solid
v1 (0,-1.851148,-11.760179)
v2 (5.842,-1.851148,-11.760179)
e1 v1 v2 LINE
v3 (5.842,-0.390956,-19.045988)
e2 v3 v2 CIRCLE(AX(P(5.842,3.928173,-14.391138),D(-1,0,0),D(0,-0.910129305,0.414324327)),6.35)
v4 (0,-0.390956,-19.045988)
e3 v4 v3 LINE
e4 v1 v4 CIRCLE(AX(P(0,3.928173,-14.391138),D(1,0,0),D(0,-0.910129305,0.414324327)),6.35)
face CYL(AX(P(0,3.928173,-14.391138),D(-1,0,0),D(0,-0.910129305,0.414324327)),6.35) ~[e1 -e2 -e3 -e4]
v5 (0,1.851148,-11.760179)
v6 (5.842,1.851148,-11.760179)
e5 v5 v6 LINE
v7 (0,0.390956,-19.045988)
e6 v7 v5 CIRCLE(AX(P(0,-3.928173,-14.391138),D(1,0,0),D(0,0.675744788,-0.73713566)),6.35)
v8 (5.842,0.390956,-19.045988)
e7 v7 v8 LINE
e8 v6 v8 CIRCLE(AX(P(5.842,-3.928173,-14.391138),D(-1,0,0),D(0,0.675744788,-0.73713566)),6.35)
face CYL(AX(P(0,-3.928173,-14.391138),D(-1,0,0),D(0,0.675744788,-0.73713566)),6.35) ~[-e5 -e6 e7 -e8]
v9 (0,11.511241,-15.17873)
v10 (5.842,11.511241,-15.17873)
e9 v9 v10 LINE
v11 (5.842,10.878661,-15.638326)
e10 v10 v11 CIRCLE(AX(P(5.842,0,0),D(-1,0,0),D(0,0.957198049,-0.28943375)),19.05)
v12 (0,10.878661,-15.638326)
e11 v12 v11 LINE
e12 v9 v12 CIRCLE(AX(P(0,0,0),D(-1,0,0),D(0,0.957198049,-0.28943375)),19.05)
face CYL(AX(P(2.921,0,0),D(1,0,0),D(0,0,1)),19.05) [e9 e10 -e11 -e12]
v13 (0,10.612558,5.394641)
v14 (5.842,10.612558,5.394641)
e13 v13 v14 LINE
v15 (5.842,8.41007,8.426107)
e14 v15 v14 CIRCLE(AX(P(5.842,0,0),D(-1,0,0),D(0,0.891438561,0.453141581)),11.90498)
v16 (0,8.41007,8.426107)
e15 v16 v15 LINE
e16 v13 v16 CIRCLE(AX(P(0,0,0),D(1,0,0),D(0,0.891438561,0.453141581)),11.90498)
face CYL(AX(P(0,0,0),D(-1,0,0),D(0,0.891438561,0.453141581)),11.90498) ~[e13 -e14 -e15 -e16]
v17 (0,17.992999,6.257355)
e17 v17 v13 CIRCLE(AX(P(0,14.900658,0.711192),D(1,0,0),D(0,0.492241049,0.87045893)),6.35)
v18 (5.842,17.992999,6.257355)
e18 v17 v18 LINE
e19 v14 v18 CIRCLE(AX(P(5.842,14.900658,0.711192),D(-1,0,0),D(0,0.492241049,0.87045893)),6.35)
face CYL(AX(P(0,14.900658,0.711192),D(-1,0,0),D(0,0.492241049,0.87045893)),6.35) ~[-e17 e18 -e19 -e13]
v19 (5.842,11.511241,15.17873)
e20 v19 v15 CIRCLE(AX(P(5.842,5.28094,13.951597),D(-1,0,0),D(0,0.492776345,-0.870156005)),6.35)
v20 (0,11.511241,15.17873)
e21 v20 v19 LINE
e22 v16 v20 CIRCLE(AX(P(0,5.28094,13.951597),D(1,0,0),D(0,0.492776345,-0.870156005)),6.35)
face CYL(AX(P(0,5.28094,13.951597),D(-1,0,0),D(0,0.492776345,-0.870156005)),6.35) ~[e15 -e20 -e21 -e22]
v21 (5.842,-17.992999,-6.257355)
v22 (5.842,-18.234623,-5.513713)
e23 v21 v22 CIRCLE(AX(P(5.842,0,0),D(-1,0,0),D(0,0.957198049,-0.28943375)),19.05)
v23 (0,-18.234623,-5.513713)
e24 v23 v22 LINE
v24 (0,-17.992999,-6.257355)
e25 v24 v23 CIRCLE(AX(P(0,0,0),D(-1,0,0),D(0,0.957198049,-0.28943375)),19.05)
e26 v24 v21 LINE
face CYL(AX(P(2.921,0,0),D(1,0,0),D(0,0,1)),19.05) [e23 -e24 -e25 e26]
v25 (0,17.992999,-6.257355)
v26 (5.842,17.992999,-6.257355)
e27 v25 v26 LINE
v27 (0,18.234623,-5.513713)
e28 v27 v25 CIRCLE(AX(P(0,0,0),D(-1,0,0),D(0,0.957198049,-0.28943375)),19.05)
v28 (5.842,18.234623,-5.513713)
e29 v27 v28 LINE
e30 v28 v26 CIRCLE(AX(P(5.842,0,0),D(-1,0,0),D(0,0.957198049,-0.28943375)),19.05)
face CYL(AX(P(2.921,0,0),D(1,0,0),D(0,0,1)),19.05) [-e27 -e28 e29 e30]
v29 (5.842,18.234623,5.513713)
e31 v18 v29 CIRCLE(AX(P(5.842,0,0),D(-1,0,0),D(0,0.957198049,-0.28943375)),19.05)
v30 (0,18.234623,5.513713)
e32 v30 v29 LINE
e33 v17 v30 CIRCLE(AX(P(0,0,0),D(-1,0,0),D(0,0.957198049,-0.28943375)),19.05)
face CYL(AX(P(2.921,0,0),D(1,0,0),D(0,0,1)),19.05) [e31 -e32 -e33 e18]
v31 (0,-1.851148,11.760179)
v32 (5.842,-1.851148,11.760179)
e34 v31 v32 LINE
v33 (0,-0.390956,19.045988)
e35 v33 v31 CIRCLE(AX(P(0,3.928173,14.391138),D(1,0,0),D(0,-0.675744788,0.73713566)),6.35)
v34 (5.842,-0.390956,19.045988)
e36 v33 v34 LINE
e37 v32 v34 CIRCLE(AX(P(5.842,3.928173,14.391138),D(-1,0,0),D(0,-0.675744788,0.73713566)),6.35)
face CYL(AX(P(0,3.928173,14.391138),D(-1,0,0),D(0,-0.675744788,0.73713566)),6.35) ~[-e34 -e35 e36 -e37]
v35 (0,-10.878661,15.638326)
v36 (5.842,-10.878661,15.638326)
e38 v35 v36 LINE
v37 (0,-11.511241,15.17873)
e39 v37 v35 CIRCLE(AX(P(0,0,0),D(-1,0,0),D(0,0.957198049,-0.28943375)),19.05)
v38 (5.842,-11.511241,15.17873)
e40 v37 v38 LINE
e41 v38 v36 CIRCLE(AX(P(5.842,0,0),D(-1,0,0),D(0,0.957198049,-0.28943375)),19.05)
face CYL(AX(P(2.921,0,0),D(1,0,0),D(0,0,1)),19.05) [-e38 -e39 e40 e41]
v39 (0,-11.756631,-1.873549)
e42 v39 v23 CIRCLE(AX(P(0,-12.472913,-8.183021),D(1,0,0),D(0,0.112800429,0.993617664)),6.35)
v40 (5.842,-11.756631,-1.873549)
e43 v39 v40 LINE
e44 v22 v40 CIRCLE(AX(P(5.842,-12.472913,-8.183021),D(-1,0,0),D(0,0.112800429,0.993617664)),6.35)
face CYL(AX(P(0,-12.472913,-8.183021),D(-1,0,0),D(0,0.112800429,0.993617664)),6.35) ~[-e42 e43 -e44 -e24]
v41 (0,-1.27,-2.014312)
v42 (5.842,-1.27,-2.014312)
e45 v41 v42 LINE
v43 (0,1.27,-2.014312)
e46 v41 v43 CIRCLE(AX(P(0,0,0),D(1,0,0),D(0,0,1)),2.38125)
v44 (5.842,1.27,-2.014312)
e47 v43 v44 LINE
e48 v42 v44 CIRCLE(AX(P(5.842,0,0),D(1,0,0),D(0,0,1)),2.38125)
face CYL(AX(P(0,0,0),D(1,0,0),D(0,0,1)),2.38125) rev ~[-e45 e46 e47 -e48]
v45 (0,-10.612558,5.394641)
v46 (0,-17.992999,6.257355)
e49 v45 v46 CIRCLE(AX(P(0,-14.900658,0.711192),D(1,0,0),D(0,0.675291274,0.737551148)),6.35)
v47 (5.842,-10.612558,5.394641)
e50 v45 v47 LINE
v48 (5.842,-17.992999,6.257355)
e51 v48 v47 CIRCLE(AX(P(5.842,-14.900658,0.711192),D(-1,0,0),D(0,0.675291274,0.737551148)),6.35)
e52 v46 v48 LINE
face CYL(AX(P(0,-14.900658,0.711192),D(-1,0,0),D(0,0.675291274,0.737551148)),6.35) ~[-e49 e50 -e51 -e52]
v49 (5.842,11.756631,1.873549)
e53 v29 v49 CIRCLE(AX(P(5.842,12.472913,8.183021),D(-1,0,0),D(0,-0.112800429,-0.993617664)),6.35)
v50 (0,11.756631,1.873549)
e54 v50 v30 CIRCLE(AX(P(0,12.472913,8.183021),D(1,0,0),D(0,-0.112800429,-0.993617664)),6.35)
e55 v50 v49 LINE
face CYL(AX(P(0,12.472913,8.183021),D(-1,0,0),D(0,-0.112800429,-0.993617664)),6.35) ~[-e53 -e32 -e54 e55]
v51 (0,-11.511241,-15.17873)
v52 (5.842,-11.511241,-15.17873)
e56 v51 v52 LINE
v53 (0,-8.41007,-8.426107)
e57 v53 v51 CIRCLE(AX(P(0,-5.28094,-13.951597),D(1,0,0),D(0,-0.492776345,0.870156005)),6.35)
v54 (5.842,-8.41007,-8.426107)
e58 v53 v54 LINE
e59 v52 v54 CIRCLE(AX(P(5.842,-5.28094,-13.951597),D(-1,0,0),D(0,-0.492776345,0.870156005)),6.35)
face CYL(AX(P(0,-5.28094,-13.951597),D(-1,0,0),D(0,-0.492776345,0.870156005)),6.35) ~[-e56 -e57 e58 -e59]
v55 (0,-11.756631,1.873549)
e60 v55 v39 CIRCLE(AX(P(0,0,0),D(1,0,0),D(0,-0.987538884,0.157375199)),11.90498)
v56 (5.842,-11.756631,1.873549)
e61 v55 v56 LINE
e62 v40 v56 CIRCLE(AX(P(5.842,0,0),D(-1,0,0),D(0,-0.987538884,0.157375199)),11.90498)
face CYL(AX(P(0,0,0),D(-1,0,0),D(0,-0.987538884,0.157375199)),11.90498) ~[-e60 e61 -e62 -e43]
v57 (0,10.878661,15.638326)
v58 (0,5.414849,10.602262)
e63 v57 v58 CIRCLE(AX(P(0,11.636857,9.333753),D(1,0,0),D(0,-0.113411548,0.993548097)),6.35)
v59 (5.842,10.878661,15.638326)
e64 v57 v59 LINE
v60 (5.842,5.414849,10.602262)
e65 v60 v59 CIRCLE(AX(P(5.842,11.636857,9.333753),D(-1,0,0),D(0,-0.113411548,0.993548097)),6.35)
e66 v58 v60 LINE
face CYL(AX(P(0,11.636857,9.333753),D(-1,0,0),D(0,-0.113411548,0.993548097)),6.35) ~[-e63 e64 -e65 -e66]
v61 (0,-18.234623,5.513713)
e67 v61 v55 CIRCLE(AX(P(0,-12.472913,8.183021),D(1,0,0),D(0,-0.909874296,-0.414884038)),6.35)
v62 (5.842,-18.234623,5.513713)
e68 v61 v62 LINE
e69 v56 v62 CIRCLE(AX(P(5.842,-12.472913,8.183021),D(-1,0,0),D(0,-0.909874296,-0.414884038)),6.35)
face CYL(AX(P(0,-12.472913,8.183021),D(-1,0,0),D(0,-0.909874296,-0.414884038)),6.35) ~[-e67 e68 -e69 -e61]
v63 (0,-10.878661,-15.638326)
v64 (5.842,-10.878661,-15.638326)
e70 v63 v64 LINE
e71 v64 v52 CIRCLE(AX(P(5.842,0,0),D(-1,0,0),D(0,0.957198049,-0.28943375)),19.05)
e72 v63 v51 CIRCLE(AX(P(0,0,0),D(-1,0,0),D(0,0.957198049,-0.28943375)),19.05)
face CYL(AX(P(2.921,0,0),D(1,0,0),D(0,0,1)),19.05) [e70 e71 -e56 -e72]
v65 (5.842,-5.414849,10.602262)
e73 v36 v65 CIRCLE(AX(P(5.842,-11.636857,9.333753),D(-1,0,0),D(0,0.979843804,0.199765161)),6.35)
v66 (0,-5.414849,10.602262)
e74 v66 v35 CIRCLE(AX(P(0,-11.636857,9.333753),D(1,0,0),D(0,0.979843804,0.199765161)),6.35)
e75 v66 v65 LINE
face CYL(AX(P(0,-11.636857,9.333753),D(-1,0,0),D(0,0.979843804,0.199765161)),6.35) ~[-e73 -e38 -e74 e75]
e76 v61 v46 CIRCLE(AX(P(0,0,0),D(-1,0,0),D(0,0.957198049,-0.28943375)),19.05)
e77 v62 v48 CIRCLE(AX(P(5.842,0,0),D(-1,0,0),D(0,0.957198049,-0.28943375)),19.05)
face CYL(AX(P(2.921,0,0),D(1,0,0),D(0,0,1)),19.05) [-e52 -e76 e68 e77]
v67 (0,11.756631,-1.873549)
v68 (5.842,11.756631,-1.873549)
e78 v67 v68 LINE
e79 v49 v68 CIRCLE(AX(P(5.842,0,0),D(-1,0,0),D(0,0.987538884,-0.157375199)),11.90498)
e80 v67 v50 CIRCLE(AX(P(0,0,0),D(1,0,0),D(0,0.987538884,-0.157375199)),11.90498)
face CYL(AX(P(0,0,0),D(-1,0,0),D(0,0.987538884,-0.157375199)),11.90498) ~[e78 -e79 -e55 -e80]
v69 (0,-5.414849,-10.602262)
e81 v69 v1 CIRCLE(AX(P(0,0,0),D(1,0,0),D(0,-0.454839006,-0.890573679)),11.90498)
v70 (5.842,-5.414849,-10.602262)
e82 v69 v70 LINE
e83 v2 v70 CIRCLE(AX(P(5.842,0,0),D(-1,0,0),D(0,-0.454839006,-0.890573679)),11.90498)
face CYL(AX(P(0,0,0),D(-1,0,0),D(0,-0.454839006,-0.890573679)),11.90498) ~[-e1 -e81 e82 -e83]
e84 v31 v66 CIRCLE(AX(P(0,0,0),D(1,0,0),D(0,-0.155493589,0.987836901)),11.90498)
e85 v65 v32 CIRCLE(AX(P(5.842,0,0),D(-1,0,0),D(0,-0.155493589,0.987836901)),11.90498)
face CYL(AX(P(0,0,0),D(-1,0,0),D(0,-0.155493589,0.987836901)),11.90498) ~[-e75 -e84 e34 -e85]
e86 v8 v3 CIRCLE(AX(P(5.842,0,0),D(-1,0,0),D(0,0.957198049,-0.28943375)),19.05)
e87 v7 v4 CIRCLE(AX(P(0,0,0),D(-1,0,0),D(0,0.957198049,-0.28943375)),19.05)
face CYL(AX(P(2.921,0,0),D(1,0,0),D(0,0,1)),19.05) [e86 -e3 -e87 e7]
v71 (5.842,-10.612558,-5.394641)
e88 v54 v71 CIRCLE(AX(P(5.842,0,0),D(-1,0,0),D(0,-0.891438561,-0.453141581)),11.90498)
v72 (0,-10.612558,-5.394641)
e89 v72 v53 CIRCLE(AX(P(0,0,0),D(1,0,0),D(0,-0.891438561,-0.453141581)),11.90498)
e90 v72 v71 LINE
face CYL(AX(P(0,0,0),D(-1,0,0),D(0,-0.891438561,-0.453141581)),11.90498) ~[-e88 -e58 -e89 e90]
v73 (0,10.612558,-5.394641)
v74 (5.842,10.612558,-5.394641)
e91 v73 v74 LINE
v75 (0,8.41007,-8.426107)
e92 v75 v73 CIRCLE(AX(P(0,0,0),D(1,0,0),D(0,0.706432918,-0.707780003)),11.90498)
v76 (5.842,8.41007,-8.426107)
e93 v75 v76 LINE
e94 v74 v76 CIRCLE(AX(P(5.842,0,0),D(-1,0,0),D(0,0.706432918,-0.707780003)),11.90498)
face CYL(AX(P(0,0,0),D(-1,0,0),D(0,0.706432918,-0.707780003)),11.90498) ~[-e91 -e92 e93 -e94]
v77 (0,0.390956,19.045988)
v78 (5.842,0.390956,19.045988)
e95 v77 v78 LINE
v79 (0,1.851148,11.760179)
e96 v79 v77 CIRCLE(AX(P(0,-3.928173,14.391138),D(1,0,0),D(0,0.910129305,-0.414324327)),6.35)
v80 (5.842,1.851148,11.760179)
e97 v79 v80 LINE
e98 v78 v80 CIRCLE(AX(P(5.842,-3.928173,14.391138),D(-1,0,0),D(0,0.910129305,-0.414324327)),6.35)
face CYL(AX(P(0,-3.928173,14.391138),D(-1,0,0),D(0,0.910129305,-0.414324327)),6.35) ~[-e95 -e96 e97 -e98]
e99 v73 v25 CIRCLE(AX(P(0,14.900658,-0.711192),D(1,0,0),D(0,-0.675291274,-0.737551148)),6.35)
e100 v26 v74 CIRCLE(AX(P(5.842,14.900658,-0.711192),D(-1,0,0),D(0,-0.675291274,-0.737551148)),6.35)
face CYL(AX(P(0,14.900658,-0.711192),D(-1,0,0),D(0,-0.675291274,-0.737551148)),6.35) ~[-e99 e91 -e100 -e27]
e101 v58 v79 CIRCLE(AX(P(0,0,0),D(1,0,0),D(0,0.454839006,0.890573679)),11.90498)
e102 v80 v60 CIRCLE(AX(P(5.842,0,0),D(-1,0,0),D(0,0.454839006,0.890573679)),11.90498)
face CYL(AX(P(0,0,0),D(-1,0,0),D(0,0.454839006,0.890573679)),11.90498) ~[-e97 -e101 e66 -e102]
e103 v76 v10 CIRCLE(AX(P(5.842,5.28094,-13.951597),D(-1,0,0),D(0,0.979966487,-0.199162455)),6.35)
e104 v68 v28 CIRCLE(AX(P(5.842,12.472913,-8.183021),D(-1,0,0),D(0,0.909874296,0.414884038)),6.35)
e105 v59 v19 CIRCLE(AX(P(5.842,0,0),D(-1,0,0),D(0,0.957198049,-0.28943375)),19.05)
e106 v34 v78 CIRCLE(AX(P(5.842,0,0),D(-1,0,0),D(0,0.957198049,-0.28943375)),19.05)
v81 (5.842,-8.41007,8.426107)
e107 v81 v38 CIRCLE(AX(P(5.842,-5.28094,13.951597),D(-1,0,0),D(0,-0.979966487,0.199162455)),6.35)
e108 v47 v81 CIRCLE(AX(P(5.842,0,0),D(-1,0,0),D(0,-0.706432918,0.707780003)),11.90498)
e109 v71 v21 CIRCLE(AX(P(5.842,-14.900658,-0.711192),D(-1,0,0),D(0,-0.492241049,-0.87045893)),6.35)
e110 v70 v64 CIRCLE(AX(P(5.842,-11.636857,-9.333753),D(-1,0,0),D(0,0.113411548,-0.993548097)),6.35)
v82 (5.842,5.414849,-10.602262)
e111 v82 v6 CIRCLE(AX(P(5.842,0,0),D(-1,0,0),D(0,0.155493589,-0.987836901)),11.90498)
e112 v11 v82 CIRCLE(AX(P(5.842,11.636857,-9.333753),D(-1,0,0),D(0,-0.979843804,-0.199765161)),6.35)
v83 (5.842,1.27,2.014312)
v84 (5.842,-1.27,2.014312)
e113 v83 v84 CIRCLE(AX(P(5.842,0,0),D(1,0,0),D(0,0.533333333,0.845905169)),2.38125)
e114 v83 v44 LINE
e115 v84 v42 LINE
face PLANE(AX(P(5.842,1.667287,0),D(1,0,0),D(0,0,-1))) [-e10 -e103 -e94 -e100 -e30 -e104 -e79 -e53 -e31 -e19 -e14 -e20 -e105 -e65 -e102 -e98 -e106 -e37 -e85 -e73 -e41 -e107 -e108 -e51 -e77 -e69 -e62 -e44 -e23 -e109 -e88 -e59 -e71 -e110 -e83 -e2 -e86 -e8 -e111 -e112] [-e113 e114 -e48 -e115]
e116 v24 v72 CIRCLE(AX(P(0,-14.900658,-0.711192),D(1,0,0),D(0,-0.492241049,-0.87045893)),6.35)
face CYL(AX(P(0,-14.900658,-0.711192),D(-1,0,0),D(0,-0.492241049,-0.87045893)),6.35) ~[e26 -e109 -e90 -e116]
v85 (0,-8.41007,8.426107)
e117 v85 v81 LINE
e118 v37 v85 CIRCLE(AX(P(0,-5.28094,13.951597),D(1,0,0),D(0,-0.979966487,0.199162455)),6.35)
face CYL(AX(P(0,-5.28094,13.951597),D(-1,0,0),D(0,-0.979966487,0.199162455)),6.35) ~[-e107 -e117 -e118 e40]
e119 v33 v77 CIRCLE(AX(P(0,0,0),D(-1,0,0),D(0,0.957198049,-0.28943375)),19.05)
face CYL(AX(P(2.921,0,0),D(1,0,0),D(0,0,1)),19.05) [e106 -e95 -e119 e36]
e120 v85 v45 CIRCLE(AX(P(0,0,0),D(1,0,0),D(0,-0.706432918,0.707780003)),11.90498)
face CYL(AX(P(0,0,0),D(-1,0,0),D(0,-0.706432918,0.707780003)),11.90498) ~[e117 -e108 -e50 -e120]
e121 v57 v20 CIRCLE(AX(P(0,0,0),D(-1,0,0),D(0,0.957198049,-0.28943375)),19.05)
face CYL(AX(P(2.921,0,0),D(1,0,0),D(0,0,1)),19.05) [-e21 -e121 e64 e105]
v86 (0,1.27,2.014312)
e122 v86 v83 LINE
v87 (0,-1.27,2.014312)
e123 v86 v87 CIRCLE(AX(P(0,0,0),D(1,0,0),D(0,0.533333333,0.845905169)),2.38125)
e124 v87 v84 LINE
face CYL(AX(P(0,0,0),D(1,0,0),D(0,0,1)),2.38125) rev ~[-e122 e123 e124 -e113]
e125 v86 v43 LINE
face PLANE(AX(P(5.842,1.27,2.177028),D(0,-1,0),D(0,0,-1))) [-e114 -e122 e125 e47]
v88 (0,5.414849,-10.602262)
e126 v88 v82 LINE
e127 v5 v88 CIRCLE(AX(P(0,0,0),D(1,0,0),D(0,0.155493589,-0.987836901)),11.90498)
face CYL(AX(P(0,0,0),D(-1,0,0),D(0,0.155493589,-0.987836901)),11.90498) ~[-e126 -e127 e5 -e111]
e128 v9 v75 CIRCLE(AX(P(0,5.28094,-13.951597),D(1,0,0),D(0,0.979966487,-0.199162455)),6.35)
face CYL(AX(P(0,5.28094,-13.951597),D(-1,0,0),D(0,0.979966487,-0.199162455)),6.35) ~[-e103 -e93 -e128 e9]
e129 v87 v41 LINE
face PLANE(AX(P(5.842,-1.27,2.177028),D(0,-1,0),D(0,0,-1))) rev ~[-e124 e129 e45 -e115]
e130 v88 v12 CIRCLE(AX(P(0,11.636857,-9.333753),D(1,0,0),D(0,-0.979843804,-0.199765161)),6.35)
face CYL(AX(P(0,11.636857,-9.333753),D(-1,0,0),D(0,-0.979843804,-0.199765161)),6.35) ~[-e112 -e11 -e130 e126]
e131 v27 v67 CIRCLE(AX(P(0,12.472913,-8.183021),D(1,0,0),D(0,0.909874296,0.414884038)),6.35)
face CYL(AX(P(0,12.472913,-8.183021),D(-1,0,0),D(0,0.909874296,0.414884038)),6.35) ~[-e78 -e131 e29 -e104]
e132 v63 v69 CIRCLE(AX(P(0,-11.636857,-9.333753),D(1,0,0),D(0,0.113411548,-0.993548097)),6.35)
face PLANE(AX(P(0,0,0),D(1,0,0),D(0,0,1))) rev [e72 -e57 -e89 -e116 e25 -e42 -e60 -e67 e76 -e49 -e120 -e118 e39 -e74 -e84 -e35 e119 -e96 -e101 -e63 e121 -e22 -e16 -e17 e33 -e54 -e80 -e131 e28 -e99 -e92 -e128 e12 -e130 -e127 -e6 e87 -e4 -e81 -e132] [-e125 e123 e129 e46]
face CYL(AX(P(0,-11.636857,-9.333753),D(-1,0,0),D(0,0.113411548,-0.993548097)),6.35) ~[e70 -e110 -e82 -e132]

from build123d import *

# Parameters (mm, degrees)
BASPROSKE_W         = 5.842
BASPROSKE_H         = 19.05
TOOTHCUT_DEPTH      = 28.566899789
TEETHCUTS_COUNT     = 10
TEETHCUTS_ANGLE     = 324
BORSKE_R            = 2.38125
BORE_DEPTH          = 50.8000508
BOSS_EXTRUDE1_DEPTH = 5.842
BOSS_EXTRUDE2_DEPTH = 5.842


with BuildPart() as part:
    # BasProSke → Base-Revolve (revolve)
    with BuildSketch(Plane(origin=(0, 0, 0), x_dir=(1, 0, 0), z_dir=(0, 1, 0)), mode=Mode.PRIVATE) as base_revolve_sk:
        with Locations((2.921, 9.525)):
            Rectangle(BASPROSKE_W, BASPROSKE_H)
    revolve(base_revolve_sk.sketch.rotate(Axis((-10, 0, 0), (1, 0, 0)), 180), axis=Axis((-10, 0, 0), (1, 0, 0)))

    # TooCutSke → ToothCut (cut, through all)
    with BuildSketch(Plane(origin=(0, 0, 0), x_dir=(0, 0, -1), z_dir=(1, 0, 0))):
        with BuildLine():
            ThreePointArc((1.873548596, 11.756630659), (0, 11.90498), (-1.873548596, 11.756630659))
            ThreePointArc((-1.873548596, 11.756630659), (-2.656568084, 15.60034376), (-5.548507123, 18.250615164))
            ThreePointArc((-5.548507123, 18.250615164), (0, 19.0754), (5.548507123, 18.250615164))
            ThreePointArc((5.548507123, 18.250615164), (2.656568084, 15.60034376), (1.873548596, 11.756630659))
        make_face()
    toothcut = extrude(amount=TOOTHCUT_DEPTH, mode=Mode.SUBTRACT)

    # TeethCuts: ToothCut ×10 about axis
    teethcuts_axis = Axis((-10, 0, 0), (1, 0, 0))
    for i in range(1, TEETHCUTS_COUNT):
        add(toothcut.rotate(teethcuts_axis, i * TEETHCUTS_ANGLE / (TEETHCUTS_COUNT - 1)), mode=Mode.SUBTRACT)

    # BorSke → Bore (cut, symmetric)
    with BuildSketch(Plane(origin=(0, 0, 0), x_dir=(0, 0, -1), z_dir=(1, 0, 0))):
        with Locations(Location((0, 0, 0), (0, 0, 180))):
            Circle(BORSKE_R)
    extrude(amount=BORE_DEPTH, both=True, mode=Mode.SUBTRACT)

    # Sketch1 → Boss-Extrude1 (add)
    with BuildSketch(Plane(origin=(5.842, 0, 0), x_dir=(0, 0, -1), z_dir=(1, 0, 0))):
        with BuildLine():
            Line((-4.4067353, 4.572), (4.4067353, 4.572))
            ThreePointArc((4.4067353, 4.572), (0, 6.35), (-4.4067353, 4.572))
        make_face()
    extrude(amount=-BOSS_EXTRUDE1_DEPTH)

    # Sketch2 → Boss-Extrude2 (add)
    with BuildSketch(Plane(origin=(5.842, 0, 0), x_dir=(0, 0, -1), z_dir=(1, 0, 0))):
        with BuildLine():
            Line((-2.177028232, 1.27), (2.177028232, 1.27))
            ThreePointArc((2.177028232, 1.27), (0, 2.520387256), (-2.177028232, 1.27))
        make_face()
        with BuildLine():
            Line((-2.177028232, -1.27), (2.177028232, -1.27))
            ThreePointArc((2.177028232, -1.27), (0, -2.520387256), (-2.177028232, -1.27))
        make_face()
    extrude(amount=-BOSS_EXTRUDE2_DEPTH)


solid = part.part
